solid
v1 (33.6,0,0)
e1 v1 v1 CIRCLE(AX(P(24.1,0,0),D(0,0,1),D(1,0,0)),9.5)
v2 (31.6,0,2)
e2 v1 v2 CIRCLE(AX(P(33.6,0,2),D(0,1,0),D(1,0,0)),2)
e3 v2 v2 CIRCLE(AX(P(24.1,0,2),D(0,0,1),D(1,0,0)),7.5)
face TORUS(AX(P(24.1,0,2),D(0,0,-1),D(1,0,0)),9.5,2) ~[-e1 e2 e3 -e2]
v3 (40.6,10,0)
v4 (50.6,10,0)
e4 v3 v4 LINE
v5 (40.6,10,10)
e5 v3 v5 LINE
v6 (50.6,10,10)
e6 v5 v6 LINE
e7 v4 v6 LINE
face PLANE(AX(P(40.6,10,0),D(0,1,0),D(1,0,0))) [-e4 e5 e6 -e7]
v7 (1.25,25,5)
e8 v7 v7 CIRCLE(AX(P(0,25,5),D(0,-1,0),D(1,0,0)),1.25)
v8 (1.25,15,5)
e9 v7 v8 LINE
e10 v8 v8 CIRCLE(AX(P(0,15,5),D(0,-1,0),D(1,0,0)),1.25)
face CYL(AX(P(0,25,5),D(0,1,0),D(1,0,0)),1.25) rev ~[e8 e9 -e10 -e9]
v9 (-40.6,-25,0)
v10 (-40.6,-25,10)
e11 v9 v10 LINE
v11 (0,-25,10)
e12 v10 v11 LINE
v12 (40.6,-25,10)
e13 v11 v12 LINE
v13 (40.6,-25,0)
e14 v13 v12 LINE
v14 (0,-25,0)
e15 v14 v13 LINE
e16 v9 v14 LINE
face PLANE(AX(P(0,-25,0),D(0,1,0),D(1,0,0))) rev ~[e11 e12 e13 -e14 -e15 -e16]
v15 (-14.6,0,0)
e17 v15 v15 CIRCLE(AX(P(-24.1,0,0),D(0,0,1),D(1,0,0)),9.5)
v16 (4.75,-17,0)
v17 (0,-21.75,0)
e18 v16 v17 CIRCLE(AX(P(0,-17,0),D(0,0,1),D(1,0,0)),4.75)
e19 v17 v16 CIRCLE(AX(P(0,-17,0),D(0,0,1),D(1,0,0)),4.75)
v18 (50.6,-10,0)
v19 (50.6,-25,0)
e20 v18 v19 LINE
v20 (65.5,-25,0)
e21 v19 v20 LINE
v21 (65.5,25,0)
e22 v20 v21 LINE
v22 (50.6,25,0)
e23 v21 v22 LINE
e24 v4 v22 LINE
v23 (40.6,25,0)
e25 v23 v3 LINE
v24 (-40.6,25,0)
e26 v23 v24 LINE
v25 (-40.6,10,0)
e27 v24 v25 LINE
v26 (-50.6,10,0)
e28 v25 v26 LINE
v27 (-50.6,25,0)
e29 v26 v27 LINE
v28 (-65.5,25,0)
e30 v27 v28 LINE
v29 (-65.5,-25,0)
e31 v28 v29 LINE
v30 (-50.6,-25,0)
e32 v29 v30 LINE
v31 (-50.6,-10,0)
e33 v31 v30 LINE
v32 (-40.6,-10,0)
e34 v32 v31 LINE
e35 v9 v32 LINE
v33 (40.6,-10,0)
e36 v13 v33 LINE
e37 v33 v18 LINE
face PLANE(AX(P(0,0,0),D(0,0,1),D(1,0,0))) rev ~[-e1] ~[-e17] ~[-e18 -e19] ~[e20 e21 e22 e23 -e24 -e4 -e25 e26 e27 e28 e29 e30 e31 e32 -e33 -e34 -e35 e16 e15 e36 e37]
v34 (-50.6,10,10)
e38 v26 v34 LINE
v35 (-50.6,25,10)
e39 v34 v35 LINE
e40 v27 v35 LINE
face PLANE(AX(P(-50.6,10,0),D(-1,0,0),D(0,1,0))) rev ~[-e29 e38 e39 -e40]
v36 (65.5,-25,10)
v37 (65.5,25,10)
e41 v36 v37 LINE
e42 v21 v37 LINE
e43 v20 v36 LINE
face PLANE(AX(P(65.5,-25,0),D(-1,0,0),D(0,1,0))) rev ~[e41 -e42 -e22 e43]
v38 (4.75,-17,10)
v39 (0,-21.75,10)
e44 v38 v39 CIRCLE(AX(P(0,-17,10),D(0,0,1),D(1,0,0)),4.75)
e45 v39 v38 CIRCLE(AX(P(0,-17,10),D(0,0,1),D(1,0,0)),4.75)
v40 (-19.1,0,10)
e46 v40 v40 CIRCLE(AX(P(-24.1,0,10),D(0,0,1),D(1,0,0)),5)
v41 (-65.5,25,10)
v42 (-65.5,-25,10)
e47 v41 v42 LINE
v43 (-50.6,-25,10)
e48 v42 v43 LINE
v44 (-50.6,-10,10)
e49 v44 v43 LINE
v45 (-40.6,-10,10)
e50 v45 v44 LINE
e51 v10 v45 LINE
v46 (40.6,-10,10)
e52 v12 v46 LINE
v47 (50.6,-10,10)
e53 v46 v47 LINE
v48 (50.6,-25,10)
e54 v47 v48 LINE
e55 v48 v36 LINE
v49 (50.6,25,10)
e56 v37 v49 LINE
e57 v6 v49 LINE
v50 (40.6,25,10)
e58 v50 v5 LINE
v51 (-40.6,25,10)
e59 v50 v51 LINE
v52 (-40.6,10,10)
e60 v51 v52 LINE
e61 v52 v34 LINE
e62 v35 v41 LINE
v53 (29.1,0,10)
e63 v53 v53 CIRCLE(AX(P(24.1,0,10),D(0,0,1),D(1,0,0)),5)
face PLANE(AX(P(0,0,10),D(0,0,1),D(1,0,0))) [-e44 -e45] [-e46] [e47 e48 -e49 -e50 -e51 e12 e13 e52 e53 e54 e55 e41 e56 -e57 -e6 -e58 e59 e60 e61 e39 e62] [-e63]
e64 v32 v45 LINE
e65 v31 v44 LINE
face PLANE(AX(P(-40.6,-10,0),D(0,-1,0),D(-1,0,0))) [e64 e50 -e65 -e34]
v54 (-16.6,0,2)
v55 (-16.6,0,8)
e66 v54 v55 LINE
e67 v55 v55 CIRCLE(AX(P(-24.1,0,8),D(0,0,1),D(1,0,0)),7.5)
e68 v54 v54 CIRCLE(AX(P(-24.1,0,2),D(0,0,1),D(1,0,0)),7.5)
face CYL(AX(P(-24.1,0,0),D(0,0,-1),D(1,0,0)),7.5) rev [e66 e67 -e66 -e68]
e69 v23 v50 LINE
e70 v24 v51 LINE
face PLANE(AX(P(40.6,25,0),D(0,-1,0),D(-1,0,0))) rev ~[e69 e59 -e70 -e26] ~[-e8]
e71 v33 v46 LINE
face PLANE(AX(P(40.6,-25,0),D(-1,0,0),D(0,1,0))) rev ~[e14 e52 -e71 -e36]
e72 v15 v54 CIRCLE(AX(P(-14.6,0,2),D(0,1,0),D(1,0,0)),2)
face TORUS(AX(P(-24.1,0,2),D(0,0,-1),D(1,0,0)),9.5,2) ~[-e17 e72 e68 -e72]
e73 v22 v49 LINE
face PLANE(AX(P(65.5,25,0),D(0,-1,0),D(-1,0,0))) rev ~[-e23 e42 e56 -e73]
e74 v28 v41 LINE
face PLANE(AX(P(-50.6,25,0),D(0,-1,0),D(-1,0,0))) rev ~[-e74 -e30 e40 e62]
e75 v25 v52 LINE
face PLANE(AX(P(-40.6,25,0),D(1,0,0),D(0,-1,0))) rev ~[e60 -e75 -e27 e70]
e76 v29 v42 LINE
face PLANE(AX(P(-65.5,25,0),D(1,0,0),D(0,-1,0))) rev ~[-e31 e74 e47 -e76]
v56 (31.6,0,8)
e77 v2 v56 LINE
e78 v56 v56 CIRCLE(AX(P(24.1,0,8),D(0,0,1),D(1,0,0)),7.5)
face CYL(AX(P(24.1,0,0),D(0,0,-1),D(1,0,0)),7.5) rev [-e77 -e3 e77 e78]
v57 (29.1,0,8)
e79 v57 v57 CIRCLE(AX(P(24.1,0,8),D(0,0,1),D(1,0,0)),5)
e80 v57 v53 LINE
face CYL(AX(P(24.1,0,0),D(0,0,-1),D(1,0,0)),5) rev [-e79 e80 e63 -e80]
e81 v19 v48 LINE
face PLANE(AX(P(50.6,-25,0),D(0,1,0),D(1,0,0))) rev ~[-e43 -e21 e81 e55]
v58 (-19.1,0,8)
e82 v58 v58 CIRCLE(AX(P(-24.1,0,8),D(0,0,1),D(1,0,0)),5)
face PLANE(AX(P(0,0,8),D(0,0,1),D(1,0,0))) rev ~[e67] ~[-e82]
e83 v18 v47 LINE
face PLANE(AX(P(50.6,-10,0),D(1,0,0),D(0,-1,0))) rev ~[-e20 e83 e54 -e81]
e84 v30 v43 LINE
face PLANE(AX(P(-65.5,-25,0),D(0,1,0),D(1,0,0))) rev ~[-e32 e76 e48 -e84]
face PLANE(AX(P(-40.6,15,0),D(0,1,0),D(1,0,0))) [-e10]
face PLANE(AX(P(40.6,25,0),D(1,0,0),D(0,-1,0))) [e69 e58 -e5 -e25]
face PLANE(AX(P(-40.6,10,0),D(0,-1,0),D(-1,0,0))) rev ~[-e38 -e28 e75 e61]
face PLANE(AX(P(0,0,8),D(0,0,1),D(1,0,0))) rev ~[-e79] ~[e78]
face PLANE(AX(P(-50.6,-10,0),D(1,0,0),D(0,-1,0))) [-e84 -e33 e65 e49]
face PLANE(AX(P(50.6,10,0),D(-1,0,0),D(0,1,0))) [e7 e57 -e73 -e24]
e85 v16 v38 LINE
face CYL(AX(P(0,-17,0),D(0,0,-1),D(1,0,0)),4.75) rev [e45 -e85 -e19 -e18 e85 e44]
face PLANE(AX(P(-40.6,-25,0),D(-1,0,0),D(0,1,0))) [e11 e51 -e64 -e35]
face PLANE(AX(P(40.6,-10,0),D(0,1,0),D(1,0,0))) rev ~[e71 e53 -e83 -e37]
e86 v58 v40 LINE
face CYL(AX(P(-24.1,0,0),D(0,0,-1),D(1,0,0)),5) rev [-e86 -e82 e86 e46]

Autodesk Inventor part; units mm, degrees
ref_plane "YZ Plane" through (0, 0, 0) normal (1, 0, 0) x (0, 1, 0)
ref_plane "XZ Plane" through (0, 0, 0) normal (0, 1, 0) x (-1, 0, 0)
sketch "Sketch1" plane through (0, 0, 0) normal (0, 0, 1) x (1, 0, 0)
  line L0 (65.5, 25) -> (-65.5, 25)
  line L1 (-65.5, 25) -> (-65.5, -25)
  line L2 (-65.5, -25) -> (65.5, -25)
  line L3 (65.5, -25) -> (65.5, 25)
  line L4 (-40.6, 25) -> (-40.6, 10)
  line L5 (-40.6, 10) -> (-50.6, 10)
  line L6 (-50.6, 10) -> (-50.6, 25)
  line L7 (-40.6, -25) -> (-40.6, -10)
  line L8 (-40.6, -10) -> (-50.6, -10)
  line L9 (-50.6, -10) -> (-50.6, -25)
  line L10 (40.6, 25) -> (40.6, 10)
  line L11 (40.6, 10) -> (50.6, 10)
  line L12 (50.6, 10) -> (50.6, 25)
  line L13 (40.6, -25) -> (40.6, -10)
  line L14 (40.6, -10) -> (50.6, -10)
  line L15 (50.6, -10) -> (50.6, -25)
  circle A0 centre (24.1, 0) radius 7.5
  circle A1 centre (-24.1, 0) radius 7.5
  line L16 (0, -25) -> (0, -17)
  circle A2 centre (0, -17) radius 4.75
  circle A3 centre (-24.1, 0) radius 5
  circle A4 centre (24.1, 0) radius 5
  point P0 (0, 0)
  point P1 (0, 0)
  dimension "d0" = 15
  dimension "d1" = 15
  dimension "d2" = 15
  dimension "d3" = 15
  dimension "d8" = 15
  dimension "d9" = 15
  dimension "d23" = 8
  dimension "d24" = 9.5
  dimension "d27" = 10
  dimension "d28" = 10
ref_plane "Work Plane1" through (-40.6, 25, 0) normal (0, 1, 0) x (1, 0, 0)
sketch "Sketch2" plane through (-40.6, 25, 0) normal (0, 1, 0) x (1, 0, 0)
  circle A0 centre (40.6, -5) radius 1.25
  point P0 (40.6, 0)
  dimension "d20" = 2.5
extrude "Extrusion11" add sketch "Sketch1" along normal blind 10 contours L3 L2 L15 L14 L13 L7 L8 L9 L1 L0 L6 L5 L4 L10 L11 L12 | A0 | A1
extrude "Extrusion12" cut sketch "Sketch1" along normal blind 8 contours A0 | A1
sketch "Sketch4" plane through (-40.6, 25, 0) normal (0, 1, 0) x (1, 0, 0)
  line L0 (40.6, 0) -> (40.6, -5)
  circle A0 centre (40.6, -5) radius 1.25
  dimension "d50" = 5
  dimension "d51" = 2.5
extrude "Extrusion14" cut sketch "Sketch4" against normal blind 10
fillet "Fillet1" radius 2 2 edges at (-31.6, 0, 0) (16.6, 0, 0)
properties part number "prepazka_2x_lozisko_1x_dira"
